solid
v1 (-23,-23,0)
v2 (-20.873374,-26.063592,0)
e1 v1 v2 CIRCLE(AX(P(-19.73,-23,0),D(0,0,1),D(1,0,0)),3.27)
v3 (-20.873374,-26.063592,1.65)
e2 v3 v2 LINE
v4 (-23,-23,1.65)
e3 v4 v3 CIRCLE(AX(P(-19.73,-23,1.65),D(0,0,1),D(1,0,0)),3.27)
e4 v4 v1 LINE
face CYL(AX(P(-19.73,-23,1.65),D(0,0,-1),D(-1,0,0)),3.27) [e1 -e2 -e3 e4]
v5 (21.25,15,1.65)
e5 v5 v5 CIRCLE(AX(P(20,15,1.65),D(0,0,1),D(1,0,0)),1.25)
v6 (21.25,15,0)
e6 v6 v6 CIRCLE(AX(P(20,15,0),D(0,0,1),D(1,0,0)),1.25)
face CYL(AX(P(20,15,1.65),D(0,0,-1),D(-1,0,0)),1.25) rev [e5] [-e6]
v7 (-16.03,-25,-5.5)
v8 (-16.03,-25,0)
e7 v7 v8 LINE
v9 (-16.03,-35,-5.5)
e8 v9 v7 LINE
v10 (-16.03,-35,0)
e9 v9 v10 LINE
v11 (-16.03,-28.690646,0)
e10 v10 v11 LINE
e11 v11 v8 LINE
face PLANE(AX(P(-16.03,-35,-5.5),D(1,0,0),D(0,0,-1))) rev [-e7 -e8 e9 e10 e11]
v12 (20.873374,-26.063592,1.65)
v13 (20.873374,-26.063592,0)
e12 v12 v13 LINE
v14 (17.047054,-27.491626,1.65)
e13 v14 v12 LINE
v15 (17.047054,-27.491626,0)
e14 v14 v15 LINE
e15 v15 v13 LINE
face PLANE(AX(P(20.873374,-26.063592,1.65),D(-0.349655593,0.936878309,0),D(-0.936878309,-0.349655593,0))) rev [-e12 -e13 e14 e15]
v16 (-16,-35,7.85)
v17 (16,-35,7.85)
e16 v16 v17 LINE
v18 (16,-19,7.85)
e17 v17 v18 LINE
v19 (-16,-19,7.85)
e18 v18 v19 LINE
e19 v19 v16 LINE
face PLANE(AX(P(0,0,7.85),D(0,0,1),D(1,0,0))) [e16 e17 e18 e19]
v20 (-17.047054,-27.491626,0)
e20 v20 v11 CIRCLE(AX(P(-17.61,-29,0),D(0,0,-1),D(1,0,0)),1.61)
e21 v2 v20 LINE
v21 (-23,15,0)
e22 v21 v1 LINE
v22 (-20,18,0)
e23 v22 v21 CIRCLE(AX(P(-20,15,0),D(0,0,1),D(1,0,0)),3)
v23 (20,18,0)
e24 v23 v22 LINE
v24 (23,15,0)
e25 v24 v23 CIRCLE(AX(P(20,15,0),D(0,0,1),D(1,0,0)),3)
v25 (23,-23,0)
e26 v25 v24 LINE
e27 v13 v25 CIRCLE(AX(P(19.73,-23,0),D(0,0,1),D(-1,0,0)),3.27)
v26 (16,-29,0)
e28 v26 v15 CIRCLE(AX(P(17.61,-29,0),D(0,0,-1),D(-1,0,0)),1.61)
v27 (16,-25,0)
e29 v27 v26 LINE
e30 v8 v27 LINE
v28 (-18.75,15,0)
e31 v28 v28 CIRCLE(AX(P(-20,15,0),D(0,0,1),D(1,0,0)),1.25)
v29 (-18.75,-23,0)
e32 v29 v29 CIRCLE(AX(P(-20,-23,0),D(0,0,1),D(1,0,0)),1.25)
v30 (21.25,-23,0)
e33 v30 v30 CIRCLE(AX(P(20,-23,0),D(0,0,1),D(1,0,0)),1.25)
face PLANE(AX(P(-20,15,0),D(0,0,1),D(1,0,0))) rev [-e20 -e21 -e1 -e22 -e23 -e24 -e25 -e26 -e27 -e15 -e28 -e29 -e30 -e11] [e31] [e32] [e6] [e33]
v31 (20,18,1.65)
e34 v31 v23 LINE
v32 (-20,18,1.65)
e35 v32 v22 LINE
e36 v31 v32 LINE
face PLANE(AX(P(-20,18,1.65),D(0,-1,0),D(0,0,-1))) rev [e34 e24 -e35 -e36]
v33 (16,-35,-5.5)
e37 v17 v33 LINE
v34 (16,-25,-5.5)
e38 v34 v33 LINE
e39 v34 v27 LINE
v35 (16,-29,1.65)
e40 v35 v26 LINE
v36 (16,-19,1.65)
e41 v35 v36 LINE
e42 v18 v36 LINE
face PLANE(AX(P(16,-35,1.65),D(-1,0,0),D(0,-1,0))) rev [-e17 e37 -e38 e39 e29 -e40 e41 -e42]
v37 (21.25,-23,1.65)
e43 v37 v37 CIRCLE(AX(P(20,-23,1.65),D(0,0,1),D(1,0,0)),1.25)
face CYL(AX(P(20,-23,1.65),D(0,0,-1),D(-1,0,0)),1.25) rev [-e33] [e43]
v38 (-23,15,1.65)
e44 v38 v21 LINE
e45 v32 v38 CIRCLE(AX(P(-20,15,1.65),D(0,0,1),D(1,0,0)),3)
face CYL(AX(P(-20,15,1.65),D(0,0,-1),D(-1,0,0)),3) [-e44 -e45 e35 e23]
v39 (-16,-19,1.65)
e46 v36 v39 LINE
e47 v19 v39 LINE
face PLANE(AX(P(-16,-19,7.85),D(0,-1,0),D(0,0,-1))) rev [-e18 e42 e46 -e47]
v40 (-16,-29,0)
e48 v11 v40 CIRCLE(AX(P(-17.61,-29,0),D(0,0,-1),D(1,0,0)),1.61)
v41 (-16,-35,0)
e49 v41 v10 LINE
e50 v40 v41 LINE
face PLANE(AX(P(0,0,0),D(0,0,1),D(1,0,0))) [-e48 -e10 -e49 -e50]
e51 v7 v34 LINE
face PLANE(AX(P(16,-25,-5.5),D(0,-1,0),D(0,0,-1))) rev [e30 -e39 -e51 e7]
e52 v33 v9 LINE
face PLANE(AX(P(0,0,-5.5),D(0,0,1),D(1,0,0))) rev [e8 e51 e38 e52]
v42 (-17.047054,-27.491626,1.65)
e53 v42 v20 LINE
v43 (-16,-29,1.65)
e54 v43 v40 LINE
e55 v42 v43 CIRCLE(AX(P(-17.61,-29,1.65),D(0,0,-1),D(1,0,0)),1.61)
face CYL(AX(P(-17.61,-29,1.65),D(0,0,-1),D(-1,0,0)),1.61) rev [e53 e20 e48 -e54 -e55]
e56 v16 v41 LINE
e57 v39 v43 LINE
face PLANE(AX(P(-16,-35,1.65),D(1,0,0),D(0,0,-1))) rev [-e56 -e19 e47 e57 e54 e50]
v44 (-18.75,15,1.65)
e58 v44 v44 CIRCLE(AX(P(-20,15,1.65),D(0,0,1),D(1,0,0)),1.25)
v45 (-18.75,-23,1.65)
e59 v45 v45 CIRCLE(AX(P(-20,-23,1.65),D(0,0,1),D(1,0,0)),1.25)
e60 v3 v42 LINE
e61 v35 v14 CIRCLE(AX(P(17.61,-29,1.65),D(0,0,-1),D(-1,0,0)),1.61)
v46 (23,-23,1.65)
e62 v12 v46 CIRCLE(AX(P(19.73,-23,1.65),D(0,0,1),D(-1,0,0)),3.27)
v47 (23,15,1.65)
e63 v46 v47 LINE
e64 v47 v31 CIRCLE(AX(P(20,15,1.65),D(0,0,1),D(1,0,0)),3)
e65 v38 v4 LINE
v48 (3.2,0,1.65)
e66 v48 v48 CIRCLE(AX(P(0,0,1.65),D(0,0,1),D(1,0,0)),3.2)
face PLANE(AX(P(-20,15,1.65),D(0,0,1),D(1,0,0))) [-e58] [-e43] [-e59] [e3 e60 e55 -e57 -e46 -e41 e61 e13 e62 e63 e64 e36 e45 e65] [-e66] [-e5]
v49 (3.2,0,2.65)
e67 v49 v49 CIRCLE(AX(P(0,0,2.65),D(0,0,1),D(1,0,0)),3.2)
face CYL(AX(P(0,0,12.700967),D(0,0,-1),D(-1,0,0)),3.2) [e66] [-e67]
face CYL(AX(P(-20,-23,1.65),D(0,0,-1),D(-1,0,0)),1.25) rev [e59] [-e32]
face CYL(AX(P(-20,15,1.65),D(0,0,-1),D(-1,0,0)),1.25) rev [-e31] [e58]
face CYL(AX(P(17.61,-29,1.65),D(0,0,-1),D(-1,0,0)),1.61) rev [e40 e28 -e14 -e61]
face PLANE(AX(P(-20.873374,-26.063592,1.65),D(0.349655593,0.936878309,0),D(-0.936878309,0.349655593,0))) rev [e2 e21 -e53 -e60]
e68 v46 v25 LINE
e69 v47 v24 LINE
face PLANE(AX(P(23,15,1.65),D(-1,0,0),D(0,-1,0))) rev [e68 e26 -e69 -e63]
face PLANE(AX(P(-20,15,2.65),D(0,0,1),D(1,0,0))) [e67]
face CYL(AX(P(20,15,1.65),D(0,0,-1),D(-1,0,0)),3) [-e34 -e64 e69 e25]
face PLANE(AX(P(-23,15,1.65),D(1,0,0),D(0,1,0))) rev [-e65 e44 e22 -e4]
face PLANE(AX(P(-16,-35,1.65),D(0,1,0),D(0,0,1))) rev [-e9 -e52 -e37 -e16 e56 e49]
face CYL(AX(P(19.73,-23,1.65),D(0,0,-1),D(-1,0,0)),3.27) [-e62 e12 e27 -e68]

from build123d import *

# Parameters (mm, degrees)
SKETCH1_R           = 3.2
SKETCH1_R_2         = 1.25
BOSS_EXTRUDE1_DEPTH = 1.65
SKETCH2_W           = 32
SKETCH2_H           = 16
BOSS_EXTRUDE2_DEPTH = 6.2
SKETCH1_2_R         = 3.2
BOSS_EXTRUDE3_DEPTH = 2.65
SKETCH3_W           = 32.03
SKETCH3_H           = 10
BOSS_EXTRUDE4_DEPTH = 5.5


with BuildPart() as part:
    # Sketch1 → Boss-Extrude1 (new body)
    with BuildSketch(Plane.XY):
        with BuildLine():
            Line((-20, 18), (20, 18))
            ThreePointArc((20, 18), (22.121320344, 17.121320344), (23, 15))
            Line((23, 15), (23, -23))
            ThreePointArc((23, -23), (22.416236427, -24.864680631), (20.873373788, -26.063592072))
            Line((20.873373788, -26.063592072), (17.047054496, -27.491625922))
            ThreePointArc((17.047054496, -27.491625922), (16.287418762, -28.081915652), (16, -29))
            Line((16, -29), (16, -35))
            Line((16, -35), (-16, -35))
            Line((-16, -35), (-16, -29))
            ThreePointArc((-16, -29), (-16.287418762, -28.081915652), (-17.047054496, -27.491625922))
            Line((-17.047054496, -27.491625922), (-20.873373788, -26.063592072))
            ThreePointArc((-20.873373788, -26.063592072), (-22.416236427, -24.864680631), (-23, -23))
            Line((-23, -23), (-23, 15))
            ThreePointArc((-23, 15), (-22.121320344, 17.121320344), (-20, 18))
        make_face()
        Circle(SKETCH1_R, mode=Mode.SUBTRACT)
        with Locations((20, 15)):
            Circle(SKETCH1_R_2, mode=Mode.SUBTRACT)
        with Locations((-20, 15)):
            Circle(SKETCH1_R_2, mode=Mode.SUBTRACT)
        with Locations((-20, -23)):
            Circle(SKETCH1_R_2, mode=Mode.SUBTRACT)
        with Locations((20, -23)):
            Circle(SKETCH1_R_2, mode=Mode.SUBTRACT)
    extrude(amount=BOSS_EXTRUDE1_DEPTH)

    # Sketch2 → Boss-Extrude2 (add)
    with BuildSketch(Plane.XY.offset(1.65)):
        with Locations((0, -27)):
            Rectangle(SKETCH2_W, SKETCH2_H)
    extrude(amount=BOSS_EXTRUDE2_DEPTH)

    # Sketch1<2> → Boss-Extrude3 (add)
    with BuildSketch(Plane.XY):
        Circle(SKETCH1_2_R)
    extrude(amount=BOSS_EXTRUDE3_DEPTH)

    # Sketch3 → Boss-Extrude4 (add)
    with BuildSketch(Plane(origin=(0, 0, 0), x_dir=(-1, 0, 0), z_dir=(0, 0, -1))):
        with Locations((0.015, -30)):
            Rectangle(SKETCH3_W, SKETCH3_H)
    extrude(amount=BOSS_EXTRUDE4_DEPTH)


solid = part.part
